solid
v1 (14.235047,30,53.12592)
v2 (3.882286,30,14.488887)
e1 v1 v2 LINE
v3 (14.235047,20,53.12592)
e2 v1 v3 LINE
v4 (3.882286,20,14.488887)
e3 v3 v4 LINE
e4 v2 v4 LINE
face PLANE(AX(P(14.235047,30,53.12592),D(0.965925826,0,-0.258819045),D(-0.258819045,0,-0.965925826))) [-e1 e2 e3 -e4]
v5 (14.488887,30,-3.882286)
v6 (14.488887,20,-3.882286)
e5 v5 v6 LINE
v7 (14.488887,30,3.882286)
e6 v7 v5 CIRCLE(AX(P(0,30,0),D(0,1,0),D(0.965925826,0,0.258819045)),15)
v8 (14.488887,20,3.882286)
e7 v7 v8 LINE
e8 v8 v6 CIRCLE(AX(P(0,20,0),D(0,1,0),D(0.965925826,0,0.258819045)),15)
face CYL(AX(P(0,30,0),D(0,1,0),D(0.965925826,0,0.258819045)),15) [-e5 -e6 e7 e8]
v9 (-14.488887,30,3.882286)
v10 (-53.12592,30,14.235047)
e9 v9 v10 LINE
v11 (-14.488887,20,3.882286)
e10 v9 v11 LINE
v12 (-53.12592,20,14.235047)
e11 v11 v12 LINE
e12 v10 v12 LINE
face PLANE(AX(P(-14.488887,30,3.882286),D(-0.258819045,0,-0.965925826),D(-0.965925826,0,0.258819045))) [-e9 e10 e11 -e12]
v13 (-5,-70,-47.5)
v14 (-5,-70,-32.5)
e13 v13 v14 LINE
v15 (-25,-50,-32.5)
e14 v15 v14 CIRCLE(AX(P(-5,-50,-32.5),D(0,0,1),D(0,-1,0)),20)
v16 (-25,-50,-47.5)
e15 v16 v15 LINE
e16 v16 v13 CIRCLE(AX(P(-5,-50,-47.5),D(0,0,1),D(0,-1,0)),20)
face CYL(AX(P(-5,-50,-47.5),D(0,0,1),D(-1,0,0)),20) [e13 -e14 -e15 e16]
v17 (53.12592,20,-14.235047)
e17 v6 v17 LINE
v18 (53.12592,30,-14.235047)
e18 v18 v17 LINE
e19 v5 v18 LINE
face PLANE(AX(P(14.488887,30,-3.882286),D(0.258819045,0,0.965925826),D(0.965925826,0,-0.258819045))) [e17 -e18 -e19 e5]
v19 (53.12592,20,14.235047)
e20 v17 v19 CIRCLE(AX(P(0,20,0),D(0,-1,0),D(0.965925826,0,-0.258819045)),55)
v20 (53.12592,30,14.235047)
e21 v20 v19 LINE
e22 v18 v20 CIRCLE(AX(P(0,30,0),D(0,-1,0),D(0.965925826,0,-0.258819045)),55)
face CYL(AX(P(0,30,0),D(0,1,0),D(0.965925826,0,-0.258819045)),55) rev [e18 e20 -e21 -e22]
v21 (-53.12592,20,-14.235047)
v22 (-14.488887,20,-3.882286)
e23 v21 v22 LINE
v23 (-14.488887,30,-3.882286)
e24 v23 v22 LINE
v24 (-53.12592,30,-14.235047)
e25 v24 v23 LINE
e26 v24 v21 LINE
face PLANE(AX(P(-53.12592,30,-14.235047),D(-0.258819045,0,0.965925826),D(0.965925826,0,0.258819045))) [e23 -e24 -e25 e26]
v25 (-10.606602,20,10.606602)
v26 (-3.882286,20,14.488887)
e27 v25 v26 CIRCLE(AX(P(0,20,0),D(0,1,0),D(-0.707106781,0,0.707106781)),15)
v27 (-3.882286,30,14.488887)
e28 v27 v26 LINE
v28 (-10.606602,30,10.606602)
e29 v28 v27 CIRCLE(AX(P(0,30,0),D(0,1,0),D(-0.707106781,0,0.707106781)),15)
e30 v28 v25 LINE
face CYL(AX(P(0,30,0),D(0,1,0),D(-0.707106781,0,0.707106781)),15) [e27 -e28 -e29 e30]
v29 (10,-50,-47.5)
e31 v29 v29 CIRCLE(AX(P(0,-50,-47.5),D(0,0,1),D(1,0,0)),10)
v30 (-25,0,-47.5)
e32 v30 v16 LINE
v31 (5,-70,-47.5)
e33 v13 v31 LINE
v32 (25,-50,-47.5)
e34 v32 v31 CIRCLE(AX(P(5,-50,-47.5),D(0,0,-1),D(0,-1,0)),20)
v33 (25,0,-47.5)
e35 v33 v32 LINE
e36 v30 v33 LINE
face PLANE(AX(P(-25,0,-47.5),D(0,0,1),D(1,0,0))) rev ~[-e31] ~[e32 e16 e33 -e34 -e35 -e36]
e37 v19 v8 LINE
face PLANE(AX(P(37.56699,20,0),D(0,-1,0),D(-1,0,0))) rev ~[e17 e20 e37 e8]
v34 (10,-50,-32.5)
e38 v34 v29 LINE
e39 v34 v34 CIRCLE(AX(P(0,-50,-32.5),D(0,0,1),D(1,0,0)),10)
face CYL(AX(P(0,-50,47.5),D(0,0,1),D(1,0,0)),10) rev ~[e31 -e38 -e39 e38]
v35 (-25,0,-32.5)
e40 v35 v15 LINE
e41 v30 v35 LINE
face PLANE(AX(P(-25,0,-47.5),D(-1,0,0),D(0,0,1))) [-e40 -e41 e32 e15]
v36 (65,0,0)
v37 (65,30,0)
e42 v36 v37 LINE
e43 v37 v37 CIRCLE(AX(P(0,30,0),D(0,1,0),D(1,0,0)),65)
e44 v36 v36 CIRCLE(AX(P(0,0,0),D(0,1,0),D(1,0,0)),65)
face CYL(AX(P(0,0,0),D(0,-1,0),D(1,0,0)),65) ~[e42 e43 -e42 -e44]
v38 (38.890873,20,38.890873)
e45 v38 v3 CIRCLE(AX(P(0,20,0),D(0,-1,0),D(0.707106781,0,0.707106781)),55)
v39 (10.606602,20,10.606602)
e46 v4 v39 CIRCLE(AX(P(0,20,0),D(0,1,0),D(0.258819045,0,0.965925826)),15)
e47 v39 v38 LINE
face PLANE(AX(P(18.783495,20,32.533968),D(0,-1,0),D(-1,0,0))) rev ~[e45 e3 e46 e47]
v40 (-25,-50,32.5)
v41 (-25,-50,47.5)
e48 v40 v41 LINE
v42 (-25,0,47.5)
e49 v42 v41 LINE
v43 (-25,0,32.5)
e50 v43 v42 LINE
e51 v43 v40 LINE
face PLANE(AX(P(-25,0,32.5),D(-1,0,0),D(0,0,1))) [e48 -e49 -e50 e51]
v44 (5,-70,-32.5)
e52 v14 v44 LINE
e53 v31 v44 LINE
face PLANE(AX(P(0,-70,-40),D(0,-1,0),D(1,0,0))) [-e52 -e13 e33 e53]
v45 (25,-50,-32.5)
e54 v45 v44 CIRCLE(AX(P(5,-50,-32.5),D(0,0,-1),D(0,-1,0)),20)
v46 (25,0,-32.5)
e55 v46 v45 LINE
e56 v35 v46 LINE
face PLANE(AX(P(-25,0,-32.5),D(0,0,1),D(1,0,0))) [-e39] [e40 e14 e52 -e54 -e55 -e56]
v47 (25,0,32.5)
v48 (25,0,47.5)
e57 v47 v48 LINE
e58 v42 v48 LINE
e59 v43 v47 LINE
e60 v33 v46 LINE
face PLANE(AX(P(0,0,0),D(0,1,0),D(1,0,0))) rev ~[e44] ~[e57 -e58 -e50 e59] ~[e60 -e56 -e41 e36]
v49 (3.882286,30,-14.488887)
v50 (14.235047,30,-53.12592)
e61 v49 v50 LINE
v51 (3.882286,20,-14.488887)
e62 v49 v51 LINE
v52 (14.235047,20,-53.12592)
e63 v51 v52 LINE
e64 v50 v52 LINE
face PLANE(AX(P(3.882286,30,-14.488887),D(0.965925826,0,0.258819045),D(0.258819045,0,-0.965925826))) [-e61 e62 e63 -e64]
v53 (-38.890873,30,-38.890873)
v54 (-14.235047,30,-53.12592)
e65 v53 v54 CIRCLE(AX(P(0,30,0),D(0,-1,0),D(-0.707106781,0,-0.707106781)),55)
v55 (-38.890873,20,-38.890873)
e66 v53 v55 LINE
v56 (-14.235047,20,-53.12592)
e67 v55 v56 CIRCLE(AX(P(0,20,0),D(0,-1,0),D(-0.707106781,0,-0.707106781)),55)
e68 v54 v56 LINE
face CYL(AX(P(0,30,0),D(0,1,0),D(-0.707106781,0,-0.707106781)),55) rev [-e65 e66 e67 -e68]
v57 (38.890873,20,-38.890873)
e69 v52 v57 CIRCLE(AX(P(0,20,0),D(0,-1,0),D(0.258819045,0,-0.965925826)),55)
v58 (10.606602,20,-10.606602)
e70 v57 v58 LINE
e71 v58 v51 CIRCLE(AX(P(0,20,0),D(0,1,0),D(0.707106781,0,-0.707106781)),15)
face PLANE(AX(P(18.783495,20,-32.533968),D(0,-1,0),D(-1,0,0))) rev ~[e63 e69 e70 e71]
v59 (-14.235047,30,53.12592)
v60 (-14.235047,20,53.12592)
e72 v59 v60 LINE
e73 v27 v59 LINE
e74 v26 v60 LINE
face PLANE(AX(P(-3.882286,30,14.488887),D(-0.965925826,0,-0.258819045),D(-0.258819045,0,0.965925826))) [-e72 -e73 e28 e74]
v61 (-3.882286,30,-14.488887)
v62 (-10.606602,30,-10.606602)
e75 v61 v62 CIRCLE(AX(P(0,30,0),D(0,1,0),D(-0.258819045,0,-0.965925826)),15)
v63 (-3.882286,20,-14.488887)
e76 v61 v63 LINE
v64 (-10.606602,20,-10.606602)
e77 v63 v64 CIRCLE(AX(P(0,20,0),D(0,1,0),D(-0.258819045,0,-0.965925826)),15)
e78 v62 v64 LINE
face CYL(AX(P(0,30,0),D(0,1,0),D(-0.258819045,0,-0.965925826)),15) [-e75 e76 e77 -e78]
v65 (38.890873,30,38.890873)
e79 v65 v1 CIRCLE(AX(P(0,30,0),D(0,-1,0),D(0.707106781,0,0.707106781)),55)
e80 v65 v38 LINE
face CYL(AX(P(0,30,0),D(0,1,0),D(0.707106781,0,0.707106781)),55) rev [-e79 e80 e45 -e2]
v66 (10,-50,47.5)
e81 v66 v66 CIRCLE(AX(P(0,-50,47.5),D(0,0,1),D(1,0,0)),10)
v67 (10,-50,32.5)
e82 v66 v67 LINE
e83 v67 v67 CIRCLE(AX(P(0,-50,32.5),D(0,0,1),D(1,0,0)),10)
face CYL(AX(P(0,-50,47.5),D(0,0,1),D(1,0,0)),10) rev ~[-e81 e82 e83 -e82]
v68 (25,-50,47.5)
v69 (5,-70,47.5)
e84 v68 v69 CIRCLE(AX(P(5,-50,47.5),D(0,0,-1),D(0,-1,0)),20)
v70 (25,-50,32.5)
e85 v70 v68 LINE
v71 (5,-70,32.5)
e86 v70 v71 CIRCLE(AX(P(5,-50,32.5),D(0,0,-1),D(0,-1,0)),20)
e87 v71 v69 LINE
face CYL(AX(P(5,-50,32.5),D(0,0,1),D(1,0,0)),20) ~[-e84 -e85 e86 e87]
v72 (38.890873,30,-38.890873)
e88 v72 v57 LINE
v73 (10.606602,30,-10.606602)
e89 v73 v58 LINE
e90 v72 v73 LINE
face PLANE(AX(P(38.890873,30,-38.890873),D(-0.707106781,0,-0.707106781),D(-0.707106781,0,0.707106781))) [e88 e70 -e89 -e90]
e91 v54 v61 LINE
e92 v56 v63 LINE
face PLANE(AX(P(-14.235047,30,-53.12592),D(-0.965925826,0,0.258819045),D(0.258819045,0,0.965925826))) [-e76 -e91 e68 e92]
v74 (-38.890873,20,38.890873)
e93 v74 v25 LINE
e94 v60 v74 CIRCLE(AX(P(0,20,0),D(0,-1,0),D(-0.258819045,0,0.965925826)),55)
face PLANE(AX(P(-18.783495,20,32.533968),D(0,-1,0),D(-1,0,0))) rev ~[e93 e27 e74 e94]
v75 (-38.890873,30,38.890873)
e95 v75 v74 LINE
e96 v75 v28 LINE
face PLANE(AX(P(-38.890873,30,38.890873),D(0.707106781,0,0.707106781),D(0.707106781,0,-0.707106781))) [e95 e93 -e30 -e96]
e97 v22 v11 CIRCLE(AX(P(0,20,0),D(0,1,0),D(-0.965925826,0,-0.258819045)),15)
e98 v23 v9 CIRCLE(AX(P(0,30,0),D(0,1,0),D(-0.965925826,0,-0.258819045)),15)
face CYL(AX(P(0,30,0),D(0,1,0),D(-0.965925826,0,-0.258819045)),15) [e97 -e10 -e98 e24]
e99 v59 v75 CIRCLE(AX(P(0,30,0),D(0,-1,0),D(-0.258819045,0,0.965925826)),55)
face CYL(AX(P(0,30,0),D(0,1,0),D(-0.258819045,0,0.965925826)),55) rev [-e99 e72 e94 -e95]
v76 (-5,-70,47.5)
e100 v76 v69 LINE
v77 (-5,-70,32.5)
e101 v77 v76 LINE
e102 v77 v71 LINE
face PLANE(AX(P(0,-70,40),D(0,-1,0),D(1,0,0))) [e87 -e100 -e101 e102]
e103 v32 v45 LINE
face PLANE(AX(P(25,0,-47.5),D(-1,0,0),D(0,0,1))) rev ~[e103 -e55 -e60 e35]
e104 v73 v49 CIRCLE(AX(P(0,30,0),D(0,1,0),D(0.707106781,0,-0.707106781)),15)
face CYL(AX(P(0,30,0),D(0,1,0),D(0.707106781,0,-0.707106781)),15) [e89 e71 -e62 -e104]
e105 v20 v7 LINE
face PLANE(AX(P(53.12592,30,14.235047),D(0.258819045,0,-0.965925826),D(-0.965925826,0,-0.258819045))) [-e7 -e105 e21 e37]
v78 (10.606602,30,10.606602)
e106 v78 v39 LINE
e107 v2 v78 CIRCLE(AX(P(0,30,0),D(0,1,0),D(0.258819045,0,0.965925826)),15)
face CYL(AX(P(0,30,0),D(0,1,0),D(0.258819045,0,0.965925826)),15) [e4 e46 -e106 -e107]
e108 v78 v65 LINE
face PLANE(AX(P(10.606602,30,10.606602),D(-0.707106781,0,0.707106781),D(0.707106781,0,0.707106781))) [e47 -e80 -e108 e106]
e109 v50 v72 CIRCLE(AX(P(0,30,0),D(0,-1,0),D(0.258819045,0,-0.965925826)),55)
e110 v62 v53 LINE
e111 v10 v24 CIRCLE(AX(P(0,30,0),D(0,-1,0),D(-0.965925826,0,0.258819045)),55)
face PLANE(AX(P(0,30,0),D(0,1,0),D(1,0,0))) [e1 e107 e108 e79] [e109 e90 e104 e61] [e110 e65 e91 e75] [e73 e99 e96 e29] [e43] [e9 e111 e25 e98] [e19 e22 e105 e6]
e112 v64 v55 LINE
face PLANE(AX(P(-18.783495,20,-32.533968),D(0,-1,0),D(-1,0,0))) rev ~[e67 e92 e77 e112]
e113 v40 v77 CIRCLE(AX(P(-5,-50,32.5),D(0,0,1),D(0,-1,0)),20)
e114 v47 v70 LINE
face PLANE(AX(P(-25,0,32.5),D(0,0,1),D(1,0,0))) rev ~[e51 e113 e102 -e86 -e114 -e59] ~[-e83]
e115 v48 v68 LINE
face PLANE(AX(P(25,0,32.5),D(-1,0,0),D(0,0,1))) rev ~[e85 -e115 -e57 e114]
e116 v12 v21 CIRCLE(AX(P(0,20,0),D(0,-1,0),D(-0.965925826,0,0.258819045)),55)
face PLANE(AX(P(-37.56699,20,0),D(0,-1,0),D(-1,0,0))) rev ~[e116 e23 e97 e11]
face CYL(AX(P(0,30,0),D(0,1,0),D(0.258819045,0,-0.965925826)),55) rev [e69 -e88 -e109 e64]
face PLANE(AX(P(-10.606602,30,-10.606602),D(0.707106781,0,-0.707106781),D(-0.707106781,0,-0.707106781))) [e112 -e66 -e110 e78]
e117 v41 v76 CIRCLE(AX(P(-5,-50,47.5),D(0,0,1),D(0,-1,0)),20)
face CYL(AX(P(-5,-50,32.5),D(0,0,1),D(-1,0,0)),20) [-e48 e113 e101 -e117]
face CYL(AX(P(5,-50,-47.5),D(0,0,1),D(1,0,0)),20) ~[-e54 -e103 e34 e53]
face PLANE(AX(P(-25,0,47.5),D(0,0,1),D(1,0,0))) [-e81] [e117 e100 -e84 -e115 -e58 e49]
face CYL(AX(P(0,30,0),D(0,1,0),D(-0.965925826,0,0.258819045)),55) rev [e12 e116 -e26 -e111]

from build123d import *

# Parameters (mm, degrees)
SKETCH_1_R          = 65
EXTRUDE_1_DEPTH     = 30
SKETCH_2_W          = 50
SKETCH_2_H          = 15
EXTRUDE_2_DEPTH     = 70
FILLET_2_R          = 20
SKETCH_3_R          = 10
CUT_EXTRUDE_1_DEPTH = 113.5
CUT_EXTRUDE_2_DEPTH = 10


with BuildPart() as part:
    # 草图1 → 凸台-拉伸1 (new body)
    with BuildSketch(Plane(origin=(0, 0, 0), x_dir=(1, 0, 0), z_dir=(0, 1, 0))):
        Circle(SKETCH_1_R)
    extrude(amount=EXTRUDE_1_DEPTH)

    # 草图2 → 凸台-拉伸2 (add)
    with BuildSketch(Plane.XZ):
        with Locations((0, 40)):
            Rectangle(SKETCH_2_W, SKETCH_2_H)
        with Locations((0, -40)):
            Rectangle(SKETCH_2_W, SKETCH_2_H)
    extrude(amount=EXTRUDE_2_DEPTH)

    # 圆角2
    fillet_2_edges = [part.edges().sort_by_distance(p)[0] for p in [
        (25, -70, 40),
        (-25, -70, 40),
        (-25, -70, -40),
        (25, -70, -40),
    ]]
    fillet(fillet_2_edges, radius=FILLET_2_R)

    # 草图3 → 切除-拉伸1 (cut, through all)
    with BuildSketch(Plane.XY.offset(47.5)):
        with Locations((0, -50)):
            Circle(SKETCH_3_R)
    extrude(amount=-CUT_EXTRUDE_1_DEPTH, mode=Mode.SUBTRACT)

    # 草图7 → 切除-拉伸2 (cut)
    with BuildSketch(Plane(origin=(0, 30, 0), x_dir=(1, 0, 0), z_dir=(0, 1, 0))):
        with BuildLine():
            Line((14.488887394, 3.882285677), (53.125920446, 14.235047481))
            ThreePointArc((53.125920446, 14.235047481), (55, 0), (53.125920446, -14.235047481))
            Line((53.125920446, -14.235047481), (14.488887394, -3.882285677))
            ThreePointArc((14.488887394, -3.882285677), (15, 0), (14.488887394, 3.882285677))
        make_face()
        with BuildLine():
            Line((10.606601718, -10.606601718), (38.890872965, -38.890872965))
            ThreePointArc((38.890872965, -38.890872965), (27.5, -47.631397208), (14.235047481, -53.125920446))
            Line((14.235047481, -53.125920446), (3.882285677, -14.488887394))
            ThreePointArc((3.882285677, -14.488887394), (7.5, -12.990381057), (10.606601718, -10.606601718))
        make_face()
        with BuildLine():
            Line((-3.882285677, -14.488887394), (-14.235047481, -53.125920446))
            ThreePointArc((-14.235047481, -53.125920446), (-27.5, -47.631397208), (-38.890872965, -38.890872965))
            Line((-38.890872965, -38.890872965), (-10.606601718, -10.606601718))
            ThreePointArc((-10.606601718, -10.606601718), (-7.5, -12.990381057), (-3.882285677, -14.488887394))
        make_face()
        with BuildLine():
            Line((-14.488887394, -3.882285677), (-53.125920446, -14.235047481))
            ThreePointArc((-53.125920446, -14.235047481), (-55, 0), (-53.125920446, 14.235047481))
            Line((-53.125920446, 14.235047481), (-14.488887394, 3.882285677))
            ThreePointArc((-14.488887394, 3.882285677), (-15, 0), (-14.488887394, -3.882285677))
        make_face()
        with BuildLine():
            Line((-10.606601718, 10.606601718), (-38.890872965, 38.890872965))
            ThreePointArc((-38.890872965, 38.890872965), (-27.5, 47.631397208), (-14.235047481, 53.125920446))
            Line((-14.235047481, 53.125920446), (-3.882285677, 14.488887394))
            ThreePointArc((-3.882285677, 14.488887394), (-7.5, 12.990381057), (-10.606601718, 10.606601718))
        make_face()
        with BuildLine():
            Line((3.882285677, 14.488887394), (14.235047481, 53.125920446))
            ThreePointArc((14.235047481, 53.125920446), (27.5, 47.631397208), (38.890872965, 38.890872965))
            Line((38.890872965, 38.890872965), (10.606601718, 10.606601718))
            ThreePointArc((10.606601718, 10.606601718), (7.5, 12.990381057), (3.882285677, 14.488887394))
        make_face()
    extrude(amount=-CUT_EXTRUDE_2_DEPTH, mode=Mode.SUBTRACT)


solid = part.part
